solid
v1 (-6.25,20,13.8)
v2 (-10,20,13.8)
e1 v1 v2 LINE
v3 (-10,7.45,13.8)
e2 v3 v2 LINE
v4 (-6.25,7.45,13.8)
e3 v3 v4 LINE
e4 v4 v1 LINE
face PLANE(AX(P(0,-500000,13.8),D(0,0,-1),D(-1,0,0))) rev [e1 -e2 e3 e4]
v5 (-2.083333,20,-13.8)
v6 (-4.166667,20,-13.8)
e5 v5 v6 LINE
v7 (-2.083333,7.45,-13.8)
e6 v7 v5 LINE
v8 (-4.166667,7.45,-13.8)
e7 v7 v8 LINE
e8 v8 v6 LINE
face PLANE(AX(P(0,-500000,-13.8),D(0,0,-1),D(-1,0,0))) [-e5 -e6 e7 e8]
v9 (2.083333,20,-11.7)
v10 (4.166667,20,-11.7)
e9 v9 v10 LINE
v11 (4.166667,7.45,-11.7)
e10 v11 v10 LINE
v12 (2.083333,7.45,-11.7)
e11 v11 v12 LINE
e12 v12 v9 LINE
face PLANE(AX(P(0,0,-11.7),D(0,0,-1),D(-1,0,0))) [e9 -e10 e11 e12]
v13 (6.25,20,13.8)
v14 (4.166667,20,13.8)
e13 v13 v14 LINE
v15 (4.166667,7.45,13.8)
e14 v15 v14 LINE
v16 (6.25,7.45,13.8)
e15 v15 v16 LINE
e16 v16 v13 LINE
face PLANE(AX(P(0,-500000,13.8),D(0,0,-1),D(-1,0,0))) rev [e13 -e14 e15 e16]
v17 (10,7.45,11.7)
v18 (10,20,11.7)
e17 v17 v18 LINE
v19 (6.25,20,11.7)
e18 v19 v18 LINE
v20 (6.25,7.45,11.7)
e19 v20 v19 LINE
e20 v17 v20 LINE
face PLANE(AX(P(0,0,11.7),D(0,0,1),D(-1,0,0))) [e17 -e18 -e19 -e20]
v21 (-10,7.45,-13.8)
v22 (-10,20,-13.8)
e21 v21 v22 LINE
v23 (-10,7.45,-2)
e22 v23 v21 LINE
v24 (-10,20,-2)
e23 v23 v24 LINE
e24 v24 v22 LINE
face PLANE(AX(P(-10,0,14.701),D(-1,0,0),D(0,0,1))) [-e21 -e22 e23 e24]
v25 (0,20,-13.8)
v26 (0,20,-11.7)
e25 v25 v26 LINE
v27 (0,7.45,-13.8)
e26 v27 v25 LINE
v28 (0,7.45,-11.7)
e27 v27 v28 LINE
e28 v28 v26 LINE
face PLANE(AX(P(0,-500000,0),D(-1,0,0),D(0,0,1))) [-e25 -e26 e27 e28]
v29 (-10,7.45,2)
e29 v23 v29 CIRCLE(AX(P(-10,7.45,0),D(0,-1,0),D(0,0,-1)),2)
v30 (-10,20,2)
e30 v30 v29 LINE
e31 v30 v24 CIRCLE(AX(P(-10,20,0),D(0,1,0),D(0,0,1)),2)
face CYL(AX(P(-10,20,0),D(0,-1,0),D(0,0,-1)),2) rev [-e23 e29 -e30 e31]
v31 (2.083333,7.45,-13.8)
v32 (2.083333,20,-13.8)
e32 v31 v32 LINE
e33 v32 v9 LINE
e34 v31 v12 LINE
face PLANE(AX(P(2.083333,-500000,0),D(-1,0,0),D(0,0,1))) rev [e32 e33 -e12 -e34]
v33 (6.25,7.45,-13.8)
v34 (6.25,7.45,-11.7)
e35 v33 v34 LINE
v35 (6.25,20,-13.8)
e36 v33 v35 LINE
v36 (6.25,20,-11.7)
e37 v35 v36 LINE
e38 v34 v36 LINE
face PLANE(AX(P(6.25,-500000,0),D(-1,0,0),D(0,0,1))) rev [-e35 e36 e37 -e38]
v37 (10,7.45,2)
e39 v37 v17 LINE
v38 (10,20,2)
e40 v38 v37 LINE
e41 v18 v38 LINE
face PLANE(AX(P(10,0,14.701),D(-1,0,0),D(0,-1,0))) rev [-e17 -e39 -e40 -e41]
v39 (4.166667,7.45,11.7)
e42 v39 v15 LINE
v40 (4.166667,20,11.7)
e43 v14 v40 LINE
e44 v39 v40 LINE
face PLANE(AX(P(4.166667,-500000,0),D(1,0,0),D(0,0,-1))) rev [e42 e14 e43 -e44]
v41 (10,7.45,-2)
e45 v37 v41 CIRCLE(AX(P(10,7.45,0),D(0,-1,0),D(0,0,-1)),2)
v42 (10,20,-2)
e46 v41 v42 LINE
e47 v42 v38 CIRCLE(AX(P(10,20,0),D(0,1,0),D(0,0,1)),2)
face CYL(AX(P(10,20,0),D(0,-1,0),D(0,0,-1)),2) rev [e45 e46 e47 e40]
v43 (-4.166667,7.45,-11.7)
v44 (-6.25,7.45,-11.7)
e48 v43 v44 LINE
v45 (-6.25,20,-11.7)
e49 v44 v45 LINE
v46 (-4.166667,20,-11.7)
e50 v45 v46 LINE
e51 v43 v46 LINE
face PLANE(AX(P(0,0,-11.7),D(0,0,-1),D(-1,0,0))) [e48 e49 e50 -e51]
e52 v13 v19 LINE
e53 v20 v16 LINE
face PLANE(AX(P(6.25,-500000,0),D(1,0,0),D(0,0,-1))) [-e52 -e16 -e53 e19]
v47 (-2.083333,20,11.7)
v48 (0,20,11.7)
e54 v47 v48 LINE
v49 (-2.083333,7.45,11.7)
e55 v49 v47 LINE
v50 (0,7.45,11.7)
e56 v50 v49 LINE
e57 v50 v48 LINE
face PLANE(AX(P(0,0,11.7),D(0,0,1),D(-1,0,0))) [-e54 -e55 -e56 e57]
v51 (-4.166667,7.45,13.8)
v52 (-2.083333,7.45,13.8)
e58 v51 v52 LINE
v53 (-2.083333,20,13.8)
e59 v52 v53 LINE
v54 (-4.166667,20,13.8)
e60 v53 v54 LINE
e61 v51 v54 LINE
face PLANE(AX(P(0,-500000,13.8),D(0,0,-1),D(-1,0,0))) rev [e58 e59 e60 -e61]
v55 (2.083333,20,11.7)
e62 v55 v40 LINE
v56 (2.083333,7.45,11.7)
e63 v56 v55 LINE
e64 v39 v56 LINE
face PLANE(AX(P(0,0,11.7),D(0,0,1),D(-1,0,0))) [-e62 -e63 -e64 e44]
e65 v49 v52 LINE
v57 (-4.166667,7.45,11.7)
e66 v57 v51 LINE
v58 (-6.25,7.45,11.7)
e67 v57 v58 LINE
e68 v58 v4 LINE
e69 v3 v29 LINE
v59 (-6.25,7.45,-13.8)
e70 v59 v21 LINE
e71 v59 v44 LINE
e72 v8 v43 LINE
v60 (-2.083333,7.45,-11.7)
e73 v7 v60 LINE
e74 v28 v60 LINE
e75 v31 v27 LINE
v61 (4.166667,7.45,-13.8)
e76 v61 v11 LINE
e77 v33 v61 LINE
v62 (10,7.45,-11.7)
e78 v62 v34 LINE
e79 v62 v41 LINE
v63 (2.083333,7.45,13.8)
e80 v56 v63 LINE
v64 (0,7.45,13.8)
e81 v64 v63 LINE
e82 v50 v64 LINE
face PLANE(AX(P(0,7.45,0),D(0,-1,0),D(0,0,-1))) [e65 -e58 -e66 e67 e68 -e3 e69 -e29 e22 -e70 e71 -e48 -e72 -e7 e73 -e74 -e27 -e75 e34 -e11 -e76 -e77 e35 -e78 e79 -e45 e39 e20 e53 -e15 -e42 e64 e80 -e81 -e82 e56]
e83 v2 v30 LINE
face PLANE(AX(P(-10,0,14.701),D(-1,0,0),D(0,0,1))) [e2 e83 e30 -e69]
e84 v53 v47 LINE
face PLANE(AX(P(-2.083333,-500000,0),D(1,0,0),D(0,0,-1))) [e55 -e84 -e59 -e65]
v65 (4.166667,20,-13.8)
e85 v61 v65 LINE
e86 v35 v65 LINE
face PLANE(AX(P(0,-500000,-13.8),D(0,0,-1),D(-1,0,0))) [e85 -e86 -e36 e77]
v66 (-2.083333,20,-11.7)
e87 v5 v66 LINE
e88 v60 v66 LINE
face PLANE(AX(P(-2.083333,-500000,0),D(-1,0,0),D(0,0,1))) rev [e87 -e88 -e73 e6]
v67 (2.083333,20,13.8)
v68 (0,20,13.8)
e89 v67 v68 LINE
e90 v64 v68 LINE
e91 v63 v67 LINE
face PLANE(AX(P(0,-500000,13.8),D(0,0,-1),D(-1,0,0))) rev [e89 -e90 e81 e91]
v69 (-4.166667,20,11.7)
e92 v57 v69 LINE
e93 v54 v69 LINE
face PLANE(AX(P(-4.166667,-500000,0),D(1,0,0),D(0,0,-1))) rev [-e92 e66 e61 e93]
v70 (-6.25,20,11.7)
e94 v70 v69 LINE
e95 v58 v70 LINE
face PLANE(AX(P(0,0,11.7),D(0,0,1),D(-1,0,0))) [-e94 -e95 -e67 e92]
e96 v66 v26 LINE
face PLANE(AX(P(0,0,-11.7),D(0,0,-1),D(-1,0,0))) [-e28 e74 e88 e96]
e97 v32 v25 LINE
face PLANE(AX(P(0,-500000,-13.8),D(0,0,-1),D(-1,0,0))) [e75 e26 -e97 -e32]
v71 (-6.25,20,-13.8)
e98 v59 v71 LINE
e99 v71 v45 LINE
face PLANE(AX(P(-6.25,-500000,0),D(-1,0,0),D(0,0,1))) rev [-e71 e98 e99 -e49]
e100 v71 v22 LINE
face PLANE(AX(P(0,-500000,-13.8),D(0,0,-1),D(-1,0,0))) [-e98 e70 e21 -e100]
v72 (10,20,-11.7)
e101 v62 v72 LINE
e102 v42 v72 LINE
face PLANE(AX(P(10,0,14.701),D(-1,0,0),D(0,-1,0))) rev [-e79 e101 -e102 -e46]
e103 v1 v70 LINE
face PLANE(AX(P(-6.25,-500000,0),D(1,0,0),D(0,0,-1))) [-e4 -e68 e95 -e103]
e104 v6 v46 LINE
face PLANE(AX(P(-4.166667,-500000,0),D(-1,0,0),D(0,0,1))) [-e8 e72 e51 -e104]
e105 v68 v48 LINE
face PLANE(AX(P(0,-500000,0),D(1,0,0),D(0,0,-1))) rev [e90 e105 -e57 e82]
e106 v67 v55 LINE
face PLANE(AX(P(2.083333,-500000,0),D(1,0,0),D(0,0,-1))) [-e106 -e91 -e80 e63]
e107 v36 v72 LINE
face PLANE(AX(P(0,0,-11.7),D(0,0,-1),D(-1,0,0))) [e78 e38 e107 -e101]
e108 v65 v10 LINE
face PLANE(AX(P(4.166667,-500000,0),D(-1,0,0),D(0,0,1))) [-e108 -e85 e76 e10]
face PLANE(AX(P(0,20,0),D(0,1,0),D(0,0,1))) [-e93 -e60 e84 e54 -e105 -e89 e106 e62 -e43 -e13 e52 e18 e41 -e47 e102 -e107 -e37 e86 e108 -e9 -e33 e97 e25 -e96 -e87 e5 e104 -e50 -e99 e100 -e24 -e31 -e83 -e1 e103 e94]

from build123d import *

# Parameters (mm, degrees)
SKETCH1_W           = 40
SKETCH1_H           = 29.4
SKETCH1_R           = 2
BOSS_EXTRUDE1_DEPTH = 20
SKETCH2_W           = 20
SKETCH2_H           = 12.55
CUT_EXTRUDE1_DEPTH  = 3
CUT_EXTRUDE2_REACH  = 42.797
SKETCH2_3_W         = 10
SKETCH2_3_H         = 20
BOSS_EXTRUDE2_REACH = 28.76
SKETCH4_W           = 2.083333333
SKETCH4_H           = 2.1
SKETCH4_W_2         = 2.083333334
SKETCH4_W_3         = 3.75
SKETCH5_W           = 20
SKETCH5_H           = 29.4
CUT_EXTRUDE3_DEPTH  = 7.45


with BuildPart() as part:
    # Sketch1 → Boss-Extrude1 (new body)
    with BuildSketch(Plane(origin=(0, 0, 0), x_dir=(1, 0, 0), z_dir=(0, 1, 0))):
        Rectangle(SKETCH1_W, SKETCH1_H)
        with Locations(Location((-10, 0, 0), (0, 0, 270))):
            Circle(SKETCH1_R, mode=Mode.SUBTRACT)
        with Locations(Location((10, 0, 0), (0, 0, 270))):
            Circle(SKETCH1_R, mode=Mode.SUBTRACT)
    extrude(amount=BOSS_EXTRUDE1_DEPTH)

    # Sketch2 → Cut-Extrude1 (cut)
    with BuildSketch(Plane(origin=(0, 0, -14.7), x_dir=(-1, 0, 0), z_dir=(0, 0, -1))):
        with Locations((0, 13.725)):
            Rectangle(SKETCH2_W, SKETCH2_H)
    cut_extrude1 = extrude(amount=-CUT_EXTRUDE1_DEPTH, mode=Mode.SUBTRACT)

    # Mirror1: Cut-Extrude1 across plane
    add(cut_extrude1.mirror(Plane.XY), mode=Mode.SUBTRACT)

    # Sketch2<3> → Cut-Extrude2 (cut, up to next)
    with BuildSketch(Plane(origin=(0, 0, -14.7), x_dir=(-1, 0, 0), z_dir=(0, 0, -1)), mode=Mode.PRIVATE) as cut_extrude2_sk1:
        with Locations((-15, 10)):
            Rectangle(SKETCH2_3_W, SKETCH2_3_H)
    cut_extrude2_tool1 = extrude(cut_extrude2_sk1.sketch, amount=-CUT_EXTRUDE2_REACH, mode=Mode.PRIVATE) & part.part
    # Sketch2<3> → Cut-Extrude2 (cut, up to next)
    with BuildSketch(Plane(origin=(0, 0, -14.7), x_dir=(-1, 0, 0), z_dir=(0, 0, -1)), mode=Mode.PRIVATE) as cut_extrude2_sk2:
        with Locations((15, 10)):
            Rectangle(SKETCH2_3_W, SKETCH2_3_H)
    cut_extrude2_tool2 = extrude(cut_extrude2_sk2.sketch, amount=-CUT_EXTRUDE2_REACH, mode=Mode.PRIVATE) & part.part
    add(cut_extrude2_tool1.solids().sort_by_distance((15, 10, -14.7))[0], mode=Mode.SUBTRACT)
    add(cut_extrude2_tool2.solids().sort_by_distance((-15, 10, -14.7))[0], mode=Mode.SUBTRACT)

    # Sketch4 → Boss-Extrude2 (add, up to next)
    with BuildSketch(Plane(origin=(0, 20, 0), x_dir=(1, 0, 0), z_dir=(0, 1, 0)), mode=Mode.PRIVATE) as boss_extrude2_sk1:
        with Locations((5.208333334, 12.75)):
            Rectangle(SKETCH4_W, SKETCH4_H)
    boss_extrude2_tool1 = extrude(boss_extrude2_sk1.sketch, amount=-BOSS_EXTRUDE2_REACH, mode=Mode.PRIVATE) - part.part
    # Sketch4 → Boss-Extrude2 (add, up to next)
    with BuildSketch(Plane(origin=(0, 20, 0), x_dir=(1, 0, 0), z_dir=(0, 1, 0)), mode=Mode.PRIVATE) as boss_extrude2_sk2:
        with Locations((1.041666667, 12.75)):
            Rectangle(SKETCH4_W, SKETCH4_H)
    boss_extrude2_tool2 = extrude(boss_extrude2_sk2.sketch, amount=-BOSS_EXTRUDE2_REACH, mode=Mode.PRIVATE) - part.part
    # Sketch4 → Boss-Extrude2 (add, up to next)
    with BuildSketch(Plane(origin=(0, 20, 0), x_dir=(1, 0, 0), z_dir=(0, 1, 0)), mode=Mode.PRIVATE) as boss_extrude2_sk3:
        with Locations((-3.125, 12.75)):
            Rectangle(SKETCH4_W_2, SKETCH4_H)
    boss_extrude2_tool3 = extrude(boss_extrude2_sk3.sketch, amount=-BOSS_EXTRUDE2_REACH, mode=Mode.PRIVATE) - part.part
    # Sketch4 → Boss-Extrude2 (add, up to next)
    with BuildSketch(Plane(origin=(0, 20, 0), x_dir=(1, 0, 0), z_dir=(0, 1, 0)), mode=Mode.PRIVATE) as boss_extrude2_sk4:
        with Locations((-8.125, 12.75)):
            Rectangle(SKETCH4_W_3, SKETCH4_H)
    boss_extrude2_tool4 = extrude(boss_extrude2_sk4.sketch, amount=-BOSS_EXTRUDE2_REACH, mode=Mode.PRIVATE) - part.part
    boss_extrude2_1 = boss_extrude2_tool1.solids().sort_by_distance((5.208333, 20, -12.75))[0]
    add(boss_extrude2_1)
    boss_extrude2_2 = boss_extrude2_tool2.solids().sort_by_distance((1.041667, 20, -12.75))[0]
    add(boss_extrude2_2)
    boss_extrude2_3 = boss_extrude2_tool3.solids().sort_by_distance((-3.125, 20, -12.75))[0]
    add(boss_extrude2_3)
    boss_extrude2_4 = boss_extrude2_tool4.solids().sort_by_distance((-8.125, 20, -12.75))[0]
    add(boss_extrude2_4)
    boss_extrude2 = boss_extrude2_1 + boss_extrude2_2 + boss_extrude2_3 + boss_extrude2_4  # Boss-Extrude2 as one shape, for the pattern or mirror that repeats it

    # Mirror2: Boss-Extrude2 across plane
    add(boss_extrude2.mirror(Plane.XY))

    # Sketch5 → Cut-Extrude3 (cut)
    with BuildSketch(Plane.XZ):
        Rectangle(SKETCH5_W, SKETCH5_H)
    extrude(amount=-CUT_EXTRUDE3_DEPTH, mode=Mode.SUBTRACT)


solid = part.part
